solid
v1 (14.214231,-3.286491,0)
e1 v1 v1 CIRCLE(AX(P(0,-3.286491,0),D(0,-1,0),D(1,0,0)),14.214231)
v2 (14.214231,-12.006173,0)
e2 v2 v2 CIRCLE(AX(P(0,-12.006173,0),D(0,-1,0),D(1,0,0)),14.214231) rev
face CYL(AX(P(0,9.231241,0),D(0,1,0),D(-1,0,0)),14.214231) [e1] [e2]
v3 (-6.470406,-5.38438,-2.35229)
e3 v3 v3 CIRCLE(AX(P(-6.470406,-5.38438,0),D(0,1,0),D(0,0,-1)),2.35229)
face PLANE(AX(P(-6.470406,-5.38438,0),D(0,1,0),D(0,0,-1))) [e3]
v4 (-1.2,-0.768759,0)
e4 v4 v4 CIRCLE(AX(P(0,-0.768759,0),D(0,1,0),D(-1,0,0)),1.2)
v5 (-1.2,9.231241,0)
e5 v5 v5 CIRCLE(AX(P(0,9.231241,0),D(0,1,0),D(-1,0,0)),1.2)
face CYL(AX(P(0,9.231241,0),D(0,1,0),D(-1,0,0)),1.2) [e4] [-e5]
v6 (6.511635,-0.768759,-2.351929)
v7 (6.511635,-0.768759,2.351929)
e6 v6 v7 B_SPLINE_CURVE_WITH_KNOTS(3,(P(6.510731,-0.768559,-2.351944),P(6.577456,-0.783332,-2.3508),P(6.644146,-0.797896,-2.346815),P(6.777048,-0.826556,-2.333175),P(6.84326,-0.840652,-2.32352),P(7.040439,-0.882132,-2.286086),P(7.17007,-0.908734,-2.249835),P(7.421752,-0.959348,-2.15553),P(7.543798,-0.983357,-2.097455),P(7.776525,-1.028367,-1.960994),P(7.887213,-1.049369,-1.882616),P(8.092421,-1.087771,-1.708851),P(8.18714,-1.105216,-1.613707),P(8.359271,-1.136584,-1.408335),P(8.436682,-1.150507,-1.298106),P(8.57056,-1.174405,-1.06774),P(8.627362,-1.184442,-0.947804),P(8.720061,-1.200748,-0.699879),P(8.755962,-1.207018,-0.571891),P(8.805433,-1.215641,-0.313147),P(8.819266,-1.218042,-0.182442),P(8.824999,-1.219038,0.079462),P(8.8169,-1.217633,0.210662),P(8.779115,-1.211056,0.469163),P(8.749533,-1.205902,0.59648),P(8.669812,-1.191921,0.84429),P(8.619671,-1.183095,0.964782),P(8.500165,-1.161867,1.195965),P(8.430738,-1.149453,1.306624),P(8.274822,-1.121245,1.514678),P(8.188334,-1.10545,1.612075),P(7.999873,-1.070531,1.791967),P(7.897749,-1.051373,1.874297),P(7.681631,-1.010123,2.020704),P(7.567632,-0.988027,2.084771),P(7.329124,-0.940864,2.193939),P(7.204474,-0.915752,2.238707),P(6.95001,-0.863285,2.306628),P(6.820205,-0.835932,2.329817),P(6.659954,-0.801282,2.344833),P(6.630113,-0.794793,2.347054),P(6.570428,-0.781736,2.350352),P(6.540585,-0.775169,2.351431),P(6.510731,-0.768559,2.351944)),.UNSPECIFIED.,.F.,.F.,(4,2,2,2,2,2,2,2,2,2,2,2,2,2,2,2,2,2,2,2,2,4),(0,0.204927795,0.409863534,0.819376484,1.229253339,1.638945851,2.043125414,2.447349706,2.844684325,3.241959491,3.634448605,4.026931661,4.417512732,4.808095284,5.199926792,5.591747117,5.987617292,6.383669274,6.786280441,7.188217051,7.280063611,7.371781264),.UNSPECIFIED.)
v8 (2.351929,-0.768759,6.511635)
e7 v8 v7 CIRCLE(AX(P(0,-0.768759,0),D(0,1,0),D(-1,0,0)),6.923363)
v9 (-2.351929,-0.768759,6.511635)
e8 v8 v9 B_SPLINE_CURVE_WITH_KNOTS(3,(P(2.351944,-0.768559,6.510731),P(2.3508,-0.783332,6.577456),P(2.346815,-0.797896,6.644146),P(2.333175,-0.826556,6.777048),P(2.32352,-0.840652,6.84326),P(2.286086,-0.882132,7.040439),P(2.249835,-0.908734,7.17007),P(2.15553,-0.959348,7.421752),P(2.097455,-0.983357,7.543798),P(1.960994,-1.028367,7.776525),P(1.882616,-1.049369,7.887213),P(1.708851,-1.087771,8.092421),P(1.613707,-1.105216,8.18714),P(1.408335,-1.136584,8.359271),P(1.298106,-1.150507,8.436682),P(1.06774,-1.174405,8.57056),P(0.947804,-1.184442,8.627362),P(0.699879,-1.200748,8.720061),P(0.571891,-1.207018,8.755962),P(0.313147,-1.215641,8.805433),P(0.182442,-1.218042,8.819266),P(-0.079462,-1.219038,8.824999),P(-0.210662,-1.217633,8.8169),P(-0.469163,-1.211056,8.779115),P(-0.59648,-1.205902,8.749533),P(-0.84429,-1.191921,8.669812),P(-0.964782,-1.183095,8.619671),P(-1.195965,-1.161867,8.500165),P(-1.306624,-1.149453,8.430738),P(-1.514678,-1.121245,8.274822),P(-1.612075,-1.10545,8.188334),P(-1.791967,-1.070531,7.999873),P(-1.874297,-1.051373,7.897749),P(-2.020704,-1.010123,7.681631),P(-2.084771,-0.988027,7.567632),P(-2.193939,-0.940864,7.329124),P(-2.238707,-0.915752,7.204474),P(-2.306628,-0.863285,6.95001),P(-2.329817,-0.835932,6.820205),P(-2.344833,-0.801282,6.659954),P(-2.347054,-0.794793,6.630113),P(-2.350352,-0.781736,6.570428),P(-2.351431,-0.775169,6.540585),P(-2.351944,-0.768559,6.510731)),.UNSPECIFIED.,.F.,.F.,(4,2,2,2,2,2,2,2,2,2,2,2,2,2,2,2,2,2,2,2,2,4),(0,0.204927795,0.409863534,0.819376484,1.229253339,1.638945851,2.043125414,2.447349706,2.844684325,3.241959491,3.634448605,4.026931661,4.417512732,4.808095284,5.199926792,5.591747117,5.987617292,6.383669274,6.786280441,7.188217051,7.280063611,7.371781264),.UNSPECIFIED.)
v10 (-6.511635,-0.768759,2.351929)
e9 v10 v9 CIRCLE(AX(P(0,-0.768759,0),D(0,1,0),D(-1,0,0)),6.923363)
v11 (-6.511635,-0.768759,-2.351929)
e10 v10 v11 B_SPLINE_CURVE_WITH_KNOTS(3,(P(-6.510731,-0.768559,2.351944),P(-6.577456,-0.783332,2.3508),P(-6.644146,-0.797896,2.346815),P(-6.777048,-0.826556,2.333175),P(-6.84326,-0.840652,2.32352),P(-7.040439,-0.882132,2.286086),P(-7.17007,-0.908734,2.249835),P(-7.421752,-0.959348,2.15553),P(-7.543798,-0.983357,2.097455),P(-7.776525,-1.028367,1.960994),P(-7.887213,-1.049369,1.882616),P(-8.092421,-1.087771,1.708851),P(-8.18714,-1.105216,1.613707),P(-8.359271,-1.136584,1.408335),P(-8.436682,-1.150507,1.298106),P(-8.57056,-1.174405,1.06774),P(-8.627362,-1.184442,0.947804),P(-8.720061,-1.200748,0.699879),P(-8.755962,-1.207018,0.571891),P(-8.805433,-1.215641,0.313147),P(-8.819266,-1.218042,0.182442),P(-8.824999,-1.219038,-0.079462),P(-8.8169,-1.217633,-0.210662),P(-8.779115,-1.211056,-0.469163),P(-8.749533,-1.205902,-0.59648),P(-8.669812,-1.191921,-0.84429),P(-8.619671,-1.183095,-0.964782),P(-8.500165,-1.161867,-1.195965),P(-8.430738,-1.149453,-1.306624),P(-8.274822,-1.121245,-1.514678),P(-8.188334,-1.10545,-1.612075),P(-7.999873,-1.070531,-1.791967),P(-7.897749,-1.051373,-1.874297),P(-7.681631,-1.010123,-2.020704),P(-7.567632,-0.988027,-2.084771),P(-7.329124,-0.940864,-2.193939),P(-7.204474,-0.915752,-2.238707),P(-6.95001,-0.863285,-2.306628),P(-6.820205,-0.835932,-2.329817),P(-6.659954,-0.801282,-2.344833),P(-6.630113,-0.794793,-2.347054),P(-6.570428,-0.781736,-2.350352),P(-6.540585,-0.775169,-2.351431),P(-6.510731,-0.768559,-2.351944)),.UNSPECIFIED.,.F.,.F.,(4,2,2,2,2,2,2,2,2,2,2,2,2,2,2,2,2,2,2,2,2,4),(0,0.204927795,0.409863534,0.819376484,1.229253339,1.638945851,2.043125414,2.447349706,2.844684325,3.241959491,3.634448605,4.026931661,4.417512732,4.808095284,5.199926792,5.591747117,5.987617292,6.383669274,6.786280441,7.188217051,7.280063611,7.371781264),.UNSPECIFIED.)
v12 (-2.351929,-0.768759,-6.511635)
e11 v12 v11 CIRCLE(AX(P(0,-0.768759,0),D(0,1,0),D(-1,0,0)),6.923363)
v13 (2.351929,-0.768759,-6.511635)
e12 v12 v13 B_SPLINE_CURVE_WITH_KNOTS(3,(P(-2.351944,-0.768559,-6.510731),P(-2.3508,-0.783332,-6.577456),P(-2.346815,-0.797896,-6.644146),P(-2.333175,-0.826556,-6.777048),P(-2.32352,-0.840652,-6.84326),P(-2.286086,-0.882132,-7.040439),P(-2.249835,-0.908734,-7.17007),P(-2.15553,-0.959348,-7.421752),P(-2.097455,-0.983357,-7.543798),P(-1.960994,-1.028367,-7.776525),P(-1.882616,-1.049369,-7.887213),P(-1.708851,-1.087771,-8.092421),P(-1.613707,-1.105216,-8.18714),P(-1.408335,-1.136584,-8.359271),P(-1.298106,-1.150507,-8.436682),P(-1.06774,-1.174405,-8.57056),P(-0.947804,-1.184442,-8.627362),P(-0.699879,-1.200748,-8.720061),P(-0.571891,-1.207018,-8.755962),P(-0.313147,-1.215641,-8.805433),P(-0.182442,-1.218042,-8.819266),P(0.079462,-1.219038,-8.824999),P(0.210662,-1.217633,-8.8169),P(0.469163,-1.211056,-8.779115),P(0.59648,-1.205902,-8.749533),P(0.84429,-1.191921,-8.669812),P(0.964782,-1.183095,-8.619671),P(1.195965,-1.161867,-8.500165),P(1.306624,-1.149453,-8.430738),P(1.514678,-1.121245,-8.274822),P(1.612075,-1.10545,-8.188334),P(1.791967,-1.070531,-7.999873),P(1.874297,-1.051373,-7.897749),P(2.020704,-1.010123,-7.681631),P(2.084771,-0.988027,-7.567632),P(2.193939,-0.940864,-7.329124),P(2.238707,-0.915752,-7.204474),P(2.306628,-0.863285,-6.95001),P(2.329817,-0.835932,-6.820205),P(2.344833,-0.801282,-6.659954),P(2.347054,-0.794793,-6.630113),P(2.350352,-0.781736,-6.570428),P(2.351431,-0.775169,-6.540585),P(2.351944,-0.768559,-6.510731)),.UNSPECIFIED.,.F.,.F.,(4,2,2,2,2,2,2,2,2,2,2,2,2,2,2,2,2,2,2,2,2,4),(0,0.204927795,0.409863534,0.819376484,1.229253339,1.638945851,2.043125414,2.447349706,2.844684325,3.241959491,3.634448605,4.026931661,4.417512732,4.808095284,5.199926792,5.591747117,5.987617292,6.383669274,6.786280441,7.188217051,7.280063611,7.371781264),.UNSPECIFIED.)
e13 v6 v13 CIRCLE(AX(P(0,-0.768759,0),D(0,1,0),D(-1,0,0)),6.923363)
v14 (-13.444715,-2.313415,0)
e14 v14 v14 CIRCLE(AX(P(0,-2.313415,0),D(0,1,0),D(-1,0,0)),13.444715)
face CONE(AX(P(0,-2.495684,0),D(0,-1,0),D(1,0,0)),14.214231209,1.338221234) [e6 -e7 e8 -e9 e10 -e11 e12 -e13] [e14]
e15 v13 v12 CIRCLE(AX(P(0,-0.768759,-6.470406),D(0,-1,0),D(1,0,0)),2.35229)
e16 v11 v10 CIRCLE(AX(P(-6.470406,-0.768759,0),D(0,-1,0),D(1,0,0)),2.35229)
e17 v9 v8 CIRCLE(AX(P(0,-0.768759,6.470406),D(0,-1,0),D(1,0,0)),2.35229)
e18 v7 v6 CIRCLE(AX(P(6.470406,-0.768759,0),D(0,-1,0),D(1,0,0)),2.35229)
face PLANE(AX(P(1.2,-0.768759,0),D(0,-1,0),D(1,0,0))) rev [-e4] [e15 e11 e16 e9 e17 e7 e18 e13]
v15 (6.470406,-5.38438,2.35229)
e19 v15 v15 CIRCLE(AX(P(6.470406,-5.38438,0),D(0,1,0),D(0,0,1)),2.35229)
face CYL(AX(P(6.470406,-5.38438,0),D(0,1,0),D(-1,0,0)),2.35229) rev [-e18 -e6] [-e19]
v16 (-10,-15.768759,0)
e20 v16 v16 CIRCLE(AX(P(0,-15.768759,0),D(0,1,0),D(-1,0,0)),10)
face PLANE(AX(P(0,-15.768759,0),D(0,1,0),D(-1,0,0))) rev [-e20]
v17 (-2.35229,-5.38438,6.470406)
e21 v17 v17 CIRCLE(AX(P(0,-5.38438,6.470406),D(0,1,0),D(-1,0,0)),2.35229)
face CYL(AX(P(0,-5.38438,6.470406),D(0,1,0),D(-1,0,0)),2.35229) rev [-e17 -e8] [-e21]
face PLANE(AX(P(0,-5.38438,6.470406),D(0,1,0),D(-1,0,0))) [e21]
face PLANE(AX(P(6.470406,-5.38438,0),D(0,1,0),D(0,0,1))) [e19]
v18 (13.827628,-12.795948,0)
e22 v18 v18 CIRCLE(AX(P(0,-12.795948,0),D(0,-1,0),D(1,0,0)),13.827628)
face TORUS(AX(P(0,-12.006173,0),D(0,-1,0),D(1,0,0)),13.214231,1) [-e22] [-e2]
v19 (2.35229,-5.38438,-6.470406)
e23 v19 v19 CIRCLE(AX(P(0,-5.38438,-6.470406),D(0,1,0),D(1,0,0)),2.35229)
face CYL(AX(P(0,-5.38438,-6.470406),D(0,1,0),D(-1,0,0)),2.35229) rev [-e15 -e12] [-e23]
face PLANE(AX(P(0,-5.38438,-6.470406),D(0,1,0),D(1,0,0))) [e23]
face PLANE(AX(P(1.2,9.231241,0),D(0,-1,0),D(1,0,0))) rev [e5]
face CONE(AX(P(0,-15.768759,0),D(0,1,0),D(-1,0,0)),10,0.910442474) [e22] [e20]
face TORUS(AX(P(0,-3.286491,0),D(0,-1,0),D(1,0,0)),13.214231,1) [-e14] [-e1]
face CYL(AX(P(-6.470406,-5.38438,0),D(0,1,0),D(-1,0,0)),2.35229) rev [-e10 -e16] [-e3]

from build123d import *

# Parameters (mm, degrees)
SKETCH3_R          = 2.352290117
CUT_EXTRUDE1_DEPTH = 10
CIRPATTERN1_COUNT  = 4
FILLET1_R          = 1


with BuildPart() as part:
    # Sketch2 → Revolve1 (revolve)
    with BuildSketch(Plane.XY):
        Polygon((0, 9.231240755), (0, -15.768759245), (10, -15.768759245), (14.214231209, -12.495683607), (14.214231209, -2.495683607), (6.923362893, -0.768759245), (1.2, -0.768759245), (1.2, 9.231240755), align=None)
    revolve(axis=Axis((0, 9.231240755, 0), (0, -1, 0)))

    # Sketch3 → Cut-Extrude1 (cut)
    with BuildSketch(Plane(origin=(0, 4.615620377, 0), x_dir=(1, 0, 0), z_dir=(0, 1, 0))):
        with Locations((0, -6.470406052)):
            Circle(SKETCH3_R)
    cut_extrude1 = extrude(amount=-CUT_EXTRUDE1_DEPTH, mode=Mode.SUBTRACT)

    # CirPattern1: Cut-Extrude1 ×4 about axis
    cirpattern1_axis = Axis((0, 0, 0), (0, 1, 0))
    for i in range(1, CIRPATTERN1_COUNT):
        add(cut_extrude1.rotate(cirpattern1_axis, i * 360 / CIRPATTERN1_COUNT), mode=Mode.SUBTRACT)

    # Fillet1
    fillet1_edges = [part.edges().sort_by_distance(p)[0] for p in [
        (-14.214231209, -2.495683607, 0),
        (-14.214231209, -12.495683607, 0),
    ]]
    fillet(fillet1_edges, radius=FILLET1_R)


solid = part.part
